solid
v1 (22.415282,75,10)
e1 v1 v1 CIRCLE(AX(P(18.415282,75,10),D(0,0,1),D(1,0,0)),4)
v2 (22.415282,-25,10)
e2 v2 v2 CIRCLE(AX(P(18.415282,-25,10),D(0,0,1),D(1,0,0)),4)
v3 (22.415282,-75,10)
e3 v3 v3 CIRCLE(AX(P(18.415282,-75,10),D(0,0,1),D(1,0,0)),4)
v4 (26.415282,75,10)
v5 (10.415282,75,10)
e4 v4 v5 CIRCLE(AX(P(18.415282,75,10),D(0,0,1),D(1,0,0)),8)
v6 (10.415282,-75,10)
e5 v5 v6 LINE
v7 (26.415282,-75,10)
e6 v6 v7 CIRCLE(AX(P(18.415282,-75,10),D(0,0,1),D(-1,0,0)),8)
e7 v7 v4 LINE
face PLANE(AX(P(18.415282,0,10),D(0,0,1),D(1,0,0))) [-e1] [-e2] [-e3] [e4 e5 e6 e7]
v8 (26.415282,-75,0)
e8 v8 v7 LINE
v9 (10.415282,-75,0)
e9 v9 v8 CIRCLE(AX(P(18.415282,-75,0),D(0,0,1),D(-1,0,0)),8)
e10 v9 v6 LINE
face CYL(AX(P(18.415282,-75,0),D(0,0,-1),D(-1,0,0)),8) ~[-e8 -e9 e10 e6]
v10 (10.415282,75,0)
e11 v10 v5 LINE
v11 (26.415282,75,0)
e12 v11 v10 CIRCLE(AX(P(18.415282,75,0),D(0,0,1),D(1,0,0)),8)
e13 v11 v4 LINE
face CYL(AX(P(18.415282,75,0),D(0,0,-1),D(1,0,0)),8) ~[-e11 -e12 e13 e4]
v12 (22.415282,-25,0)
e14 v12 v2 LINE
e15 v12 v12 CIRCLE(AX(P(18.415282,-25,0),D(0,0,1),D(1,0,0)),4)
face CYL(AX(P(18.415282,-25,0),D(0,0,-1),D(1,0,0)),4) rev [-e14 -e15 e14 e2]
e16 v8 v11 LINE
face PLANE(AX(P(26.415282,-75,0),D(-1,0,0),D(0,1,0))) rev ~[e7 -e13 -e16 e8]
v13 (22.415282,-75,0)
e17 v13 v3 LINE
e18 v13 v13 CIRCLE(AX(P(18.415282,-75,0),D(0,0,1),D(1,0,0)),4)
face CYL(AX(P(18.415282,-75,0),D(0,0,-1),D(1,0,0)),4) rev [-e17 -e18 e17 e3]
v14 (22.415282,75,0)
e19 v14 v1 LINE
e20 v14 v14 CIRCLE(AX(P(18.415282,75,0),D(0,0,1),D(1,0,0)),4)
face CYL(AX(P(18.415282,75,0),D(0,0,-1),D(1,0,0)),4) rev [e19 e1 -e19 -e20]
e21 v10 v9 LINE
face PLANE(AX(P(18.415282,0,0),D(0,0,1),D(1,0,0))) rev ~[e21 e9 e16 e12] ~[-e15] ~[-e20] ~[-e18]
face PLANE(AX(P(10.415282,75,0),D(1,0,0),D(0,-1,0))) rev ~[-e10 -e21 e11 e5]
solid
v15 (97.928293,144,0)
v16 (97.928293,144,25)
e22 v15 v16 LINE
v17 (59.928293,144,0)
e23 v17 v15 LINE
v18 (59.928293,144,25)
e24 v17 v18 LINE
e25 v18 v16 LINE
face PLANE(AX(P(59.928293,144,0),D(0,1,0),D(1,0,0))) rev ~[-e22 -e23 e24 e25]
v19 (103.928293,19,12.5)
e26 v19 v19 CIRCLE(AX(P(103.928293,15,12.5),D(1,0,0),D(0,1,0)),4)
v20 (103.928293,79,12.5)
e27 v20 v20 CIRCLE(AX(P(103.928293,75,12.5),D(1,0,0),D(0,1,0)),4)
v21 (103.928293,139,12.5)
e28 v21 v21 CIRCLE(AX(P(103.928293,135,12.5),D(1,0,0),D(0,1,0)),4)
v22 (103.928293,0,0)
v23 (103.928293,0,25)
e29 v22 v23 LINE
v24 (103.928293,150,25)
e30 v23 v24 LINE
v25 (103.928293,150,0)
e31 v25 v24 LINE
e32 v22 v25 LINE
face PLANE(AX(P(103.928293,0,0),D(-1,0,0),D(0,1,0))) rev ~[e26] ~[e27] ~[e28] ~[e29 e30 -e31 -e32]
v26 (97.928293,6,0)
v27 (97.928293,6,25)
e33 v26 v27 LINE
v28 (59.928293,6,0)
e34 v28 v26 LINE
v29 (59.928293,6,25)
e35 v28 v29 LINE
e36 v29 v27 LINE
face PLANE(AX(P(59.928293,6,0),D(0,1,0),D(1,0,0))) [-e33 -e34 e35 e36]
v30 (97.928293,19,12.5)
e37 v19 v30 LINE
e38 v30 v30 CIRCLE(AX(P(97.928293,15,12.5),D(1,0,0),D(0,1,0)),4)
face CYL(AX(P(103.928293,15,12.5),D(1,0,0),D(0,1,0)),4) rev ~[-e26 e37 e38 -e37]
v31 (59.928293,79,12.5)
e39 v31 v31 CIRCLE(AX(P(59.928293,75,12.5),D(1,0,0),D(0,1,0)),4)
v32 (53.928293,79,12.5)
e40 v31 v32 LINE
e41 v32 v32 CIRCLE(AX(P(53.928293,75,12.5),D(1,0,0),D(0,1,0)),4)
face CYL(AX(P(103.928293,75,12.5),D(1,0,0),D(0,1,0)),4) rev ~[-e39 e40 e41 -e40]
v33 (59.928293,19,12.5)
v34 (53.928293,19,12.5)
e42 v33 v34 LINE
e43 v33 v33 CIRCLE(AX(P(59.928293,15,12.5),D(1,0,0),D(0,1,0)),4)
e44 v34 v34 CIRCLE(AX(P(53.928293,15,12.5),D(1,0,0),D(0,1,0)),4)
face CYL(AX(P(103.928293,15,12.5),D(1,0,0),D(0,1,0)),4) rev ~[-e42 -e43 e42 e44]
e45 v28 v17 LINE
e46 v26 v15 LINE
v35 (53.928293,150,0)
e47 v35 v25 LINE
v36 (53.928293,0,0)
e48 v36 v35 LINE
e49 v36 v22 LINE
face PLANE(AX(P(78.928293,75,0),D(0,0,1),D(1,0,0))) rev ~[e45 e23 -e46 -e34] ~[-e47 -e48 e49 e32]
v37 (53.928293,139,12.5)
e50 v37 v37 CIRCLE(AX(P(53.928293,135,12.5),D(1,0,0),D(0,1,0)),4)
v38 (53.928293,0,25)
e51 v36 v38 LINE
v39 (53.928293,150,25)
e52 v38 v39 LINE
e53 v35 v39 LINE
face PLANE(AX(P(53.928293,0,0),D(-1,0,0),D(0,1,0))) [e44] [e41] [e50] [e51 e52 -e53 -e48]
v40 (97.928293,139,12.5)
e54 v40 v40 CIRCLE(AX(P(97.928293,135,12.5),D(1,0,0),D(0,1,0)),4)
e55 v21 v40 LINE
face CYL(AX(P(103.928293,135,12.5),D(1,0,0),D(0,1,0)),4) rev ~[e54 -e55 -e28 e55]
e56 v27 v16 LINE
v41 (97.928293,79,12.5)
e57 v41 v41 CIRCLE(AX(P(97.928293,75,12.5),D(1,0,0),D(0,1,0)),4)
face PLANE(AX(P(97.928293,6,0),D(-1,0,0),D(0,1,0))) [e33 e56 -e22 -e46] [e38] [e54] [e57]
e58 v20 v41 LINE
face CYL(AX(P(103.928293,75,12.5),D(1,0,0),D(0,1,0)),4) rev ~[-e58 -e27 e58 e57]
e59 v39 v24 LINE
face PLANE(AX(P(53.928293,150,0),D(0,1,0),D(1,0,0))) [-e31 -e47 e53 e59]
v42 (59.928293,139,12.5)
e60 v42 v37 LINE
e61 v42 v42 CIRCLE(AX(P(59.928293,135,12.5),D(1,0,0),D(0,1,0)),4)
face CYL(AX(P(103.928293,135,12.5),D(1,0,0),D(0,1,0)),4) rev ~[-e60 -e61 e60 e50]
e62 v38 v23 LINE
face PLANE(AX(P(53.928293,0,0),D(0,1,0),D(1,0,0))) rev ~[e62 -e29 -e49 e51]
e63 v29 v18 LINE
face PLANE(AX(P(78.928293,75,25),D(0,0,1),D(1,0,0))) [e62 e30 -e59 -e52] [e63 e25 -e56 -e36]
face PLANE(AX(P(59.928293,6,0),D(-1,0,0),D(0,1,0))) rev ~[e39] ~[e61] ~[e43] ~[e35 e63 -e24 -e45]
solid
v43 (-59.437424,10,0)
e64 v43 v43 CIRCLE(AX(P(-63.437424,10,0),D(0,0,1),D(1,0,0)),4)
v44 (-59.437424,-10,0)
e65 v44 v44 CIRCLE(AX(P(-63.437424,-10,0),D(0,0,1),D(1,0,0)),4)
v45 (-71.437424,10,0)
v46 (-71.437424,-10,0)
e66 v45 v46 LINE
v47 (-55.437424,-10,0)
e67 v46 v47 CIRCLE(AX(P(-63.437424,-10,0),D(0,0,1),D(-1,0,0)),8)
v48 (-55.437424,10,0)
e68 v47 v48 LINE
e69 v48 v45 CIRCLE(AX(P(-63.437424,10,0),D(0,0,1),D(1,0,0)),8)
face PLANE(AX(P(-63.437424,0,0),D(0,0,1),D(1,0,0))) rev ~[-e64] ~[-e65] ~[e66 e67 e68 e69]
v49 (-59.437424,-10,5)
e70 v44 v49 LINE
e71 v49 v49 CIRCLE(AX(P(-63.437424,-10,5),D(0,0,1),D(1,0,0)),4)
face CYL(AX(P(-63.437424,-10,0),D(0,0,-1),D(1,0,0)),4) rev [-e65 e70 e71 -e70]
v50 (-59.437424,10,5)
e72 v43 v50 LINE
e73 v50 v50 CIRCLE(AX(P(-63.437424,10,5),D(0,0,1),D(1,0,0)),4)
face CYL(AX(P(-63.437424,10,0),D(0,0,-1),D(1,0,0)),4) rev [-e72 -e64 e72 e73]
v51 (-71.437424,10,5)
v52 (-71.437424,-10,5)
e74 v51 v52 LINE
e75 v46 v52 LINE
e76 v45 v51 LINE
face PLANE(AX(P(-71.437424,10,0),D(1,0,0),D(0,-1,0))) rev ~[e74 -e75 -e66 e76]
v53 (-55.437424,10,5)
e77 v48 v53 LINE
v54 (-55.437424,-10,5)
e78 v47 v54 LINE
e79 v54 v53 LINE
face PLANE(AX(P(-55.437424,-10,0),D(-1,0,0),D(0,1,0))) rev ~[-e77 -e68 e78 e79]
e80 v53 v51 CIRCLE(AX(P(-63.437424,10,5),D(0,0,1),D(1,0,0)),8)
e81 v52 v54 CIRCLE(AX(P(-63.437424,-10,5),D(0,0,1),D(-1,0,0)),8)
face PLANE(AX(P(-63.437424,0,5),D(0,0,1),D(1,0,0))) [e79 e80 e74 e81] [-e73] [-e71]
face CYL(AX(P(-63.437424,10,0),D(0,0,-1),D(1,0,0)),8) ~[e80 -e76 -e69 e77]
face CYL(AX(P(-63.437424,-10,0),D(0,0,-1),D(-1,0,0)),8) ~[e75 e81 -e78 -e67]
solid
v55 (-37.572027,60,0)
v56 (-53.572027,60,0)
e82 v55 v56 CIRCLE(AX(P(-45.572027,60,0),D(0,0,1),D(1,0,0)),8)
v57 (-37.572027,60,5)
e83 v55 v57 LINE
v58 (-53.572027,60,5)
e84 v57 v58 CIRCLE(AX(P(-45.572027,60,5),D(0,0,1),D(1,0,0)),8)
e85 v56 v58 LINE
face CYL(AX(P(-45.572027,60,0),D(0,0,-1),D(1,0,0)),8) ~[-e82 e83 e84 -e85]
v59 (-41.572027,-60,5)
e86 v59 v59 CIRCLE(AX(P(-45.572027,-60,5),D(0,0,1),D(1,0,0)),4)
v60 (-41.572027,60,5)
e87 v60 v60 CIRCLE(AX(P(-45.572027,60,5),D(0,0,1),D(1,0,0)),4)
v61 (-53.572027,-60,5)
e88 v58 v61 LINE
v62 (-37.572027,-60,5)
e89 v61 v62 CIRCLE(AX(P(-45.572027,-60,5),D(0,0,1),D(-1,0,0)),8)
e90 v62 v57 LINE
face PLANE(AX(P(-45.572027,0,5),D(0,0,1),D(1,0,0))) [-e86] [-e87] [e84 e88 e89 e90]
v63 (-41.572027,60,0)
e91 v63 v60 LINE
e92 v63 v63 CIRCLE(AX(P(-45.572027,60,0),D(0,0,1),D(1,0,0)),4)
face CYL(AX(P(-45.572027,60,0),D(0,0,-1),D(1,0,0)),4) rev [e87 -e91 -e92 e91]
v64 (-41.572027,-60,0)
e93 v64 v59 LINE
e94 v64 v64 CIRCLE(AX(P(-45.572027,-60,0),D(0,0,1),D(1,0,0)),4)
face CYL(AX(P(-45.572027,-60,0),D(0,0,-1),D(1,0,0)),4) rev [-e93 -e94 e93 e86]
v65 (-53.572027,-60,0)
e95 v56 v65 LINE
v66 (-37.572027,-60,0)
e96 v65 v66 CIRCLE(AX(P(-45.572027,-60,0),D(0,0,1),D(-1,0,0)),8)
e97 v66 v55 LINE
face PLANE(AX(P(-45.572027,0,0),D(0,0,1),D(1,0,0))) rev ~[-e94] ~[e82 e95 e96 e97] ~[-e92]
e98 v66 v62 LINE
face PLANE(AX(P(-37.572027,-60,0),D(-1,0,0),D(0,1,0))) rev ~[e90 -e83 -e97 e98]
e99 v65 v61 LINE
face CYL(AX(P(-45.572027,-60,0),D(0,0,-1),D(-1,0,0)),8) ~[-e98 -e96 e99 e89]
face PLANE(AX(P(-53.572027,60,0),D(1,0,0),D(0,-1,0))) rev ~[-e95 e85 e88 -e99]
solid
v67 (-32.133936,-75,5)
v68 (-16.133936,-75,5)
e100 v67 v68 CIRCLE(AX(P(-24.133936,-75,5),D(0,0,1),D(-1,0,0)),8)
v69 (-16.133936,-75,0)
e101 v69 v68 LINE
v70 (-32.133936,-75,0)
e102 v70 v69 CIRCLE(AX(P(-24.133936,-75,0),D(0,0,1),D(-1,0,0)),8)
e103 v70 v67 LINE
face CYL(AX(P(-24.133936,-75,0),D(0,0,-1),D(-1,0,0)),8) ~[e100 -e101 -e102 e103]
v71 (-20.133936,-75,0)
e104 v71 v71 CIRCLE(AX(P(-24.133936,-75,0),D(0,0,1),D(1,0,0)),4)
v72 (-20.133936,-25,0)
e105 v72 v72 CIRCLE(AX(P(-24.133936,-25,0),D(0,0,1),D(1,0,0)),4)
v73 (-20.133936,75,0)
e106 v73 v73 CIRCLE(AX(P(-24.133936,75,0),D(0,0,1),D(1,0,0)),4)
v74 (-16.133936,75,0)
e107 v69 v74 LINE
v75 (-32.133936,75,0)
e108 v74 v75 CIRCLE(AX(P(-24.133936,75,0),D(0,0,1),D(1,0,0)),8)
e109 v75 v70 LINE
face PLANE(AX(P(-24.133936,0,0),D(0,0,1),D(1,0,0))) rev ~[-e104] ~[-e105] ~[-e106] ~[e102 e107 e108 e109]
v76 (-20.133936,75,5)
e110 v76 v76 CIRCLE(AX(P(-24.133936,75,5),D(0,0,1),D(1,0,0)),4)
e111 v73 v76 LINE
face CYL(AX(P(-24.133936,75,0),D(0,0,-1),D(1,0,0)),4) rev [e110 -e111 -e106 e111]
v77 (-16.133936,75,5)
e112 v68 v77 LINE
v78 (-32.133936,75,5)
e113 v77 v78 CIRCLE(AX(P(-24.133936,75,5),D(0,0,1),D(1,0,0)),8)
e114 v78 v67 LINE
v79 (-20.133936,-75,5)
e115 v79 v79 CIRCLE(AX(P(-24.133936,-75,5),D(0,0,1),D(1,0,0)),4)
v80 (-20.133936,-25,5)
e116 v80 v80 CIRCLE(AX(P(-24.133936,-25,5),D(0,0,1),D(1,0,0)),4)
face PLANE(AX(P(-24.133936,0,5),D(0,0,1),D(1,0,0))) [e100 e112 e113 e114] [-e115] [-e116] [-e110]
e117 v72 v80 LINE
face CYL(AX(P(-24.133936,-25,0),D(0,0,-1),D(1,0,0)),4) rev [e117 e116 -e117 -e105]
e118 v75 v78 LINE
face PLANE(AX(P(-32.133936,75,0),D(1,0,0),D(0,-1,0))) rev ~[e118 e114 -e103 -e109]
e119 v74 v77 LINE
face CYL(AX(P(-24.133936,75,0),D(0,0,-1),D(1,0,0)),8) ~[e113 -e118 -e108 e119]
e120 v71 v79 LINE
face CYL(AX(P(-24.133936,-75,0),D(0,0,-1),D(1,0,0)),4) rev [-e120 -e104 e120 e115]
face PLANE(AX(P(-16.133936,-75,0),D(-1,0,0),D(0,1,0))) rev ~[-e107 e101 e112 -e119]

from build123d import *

# Parameters (mm, degrees)
F0_W      = 50
F0_H      = 150
F0_W_2    = 38
F0_H_2    = 138
F1_DEPTH  = 25
F2_R      = 4
F3_DEPTH  = 5
F4_R      = 4
F5_DEPTH  = 5
F6_R      = 4
F7_DEPTH  = 67.1
F8_R      = 4
F9_DEPTH  = 5
F10_R     = 4
F11_DEPTH = 10


with BuildPart() as f1:
    # F0 (on Top) → F1 (new body)
    with BuildSketch(Plane.XY):
        with Locations((78.928293, 75)):
            Rectangle(F0_W, F0_H)
        with Locations((78.928293, 75)):
            Rectangle(F0_W_2, F0_H_2, mode=Mode.SUBTRACT)
    extrude(amount=F1_DEPTH)

    # F6 (on face) → F7 (cut)
    with BuildSketch(Plane.YZ.offset(103.928293)):
        with Locations((15, 12.5)):
            Circle(F6_R)
        with Locations((75, 12.5)):
            Circle(F6_R)
        with Locations((135, 12.5)):
            Circle(F6_R)
    extrude(amount=-F7_DEPTH, mode=Mode.SUBTRACT)


with BuildPart() as f3:
    # F2 (on Top) → F3 (new body)
    with BuildSketch(Plane.XY):
        with BuildLine():
            Line((-16.133936, -75), (-16.133936, 0))
            Line((-16.133936, 0), (-16.133936, 75))
            ThreePointArc((-16.133936, 75), (-24.133936, 83), (-32.133936, 75))
            Line((-32.133936, 75), (-32.133936, 0))
            Line((-32.133936, 0), (-32.133936, -75))
            ThreePointArc((-32.133936, -75), (-24.133936, -83), (-16.133936, -75))
        make_face()
        with Locations((-24.133936, -75)):
            Circle(F2_R, mode=Mode.SUBTRACT)
        with Locations((-24.133936, -25)):
            Circle(F2_R, mode=Mode.SUBTRACT)
        with Locations((-24.133936, 75)):
            Circle(F2_R, mode=Mode.SUBTRACT)
    extrude(amount=F3_DEPTH)


with BuildPart() as f5:
    # F4 (on Top) → F5 (new body)
    with BuildSketch(Plane.XY):
        with BuildLine():
            Line((-37.572027, -60), (-37.572027, 0))
            Line((-37.572027, 0), (-37.572027, 60))
            ThreePointArc((-37.572027, 60), (-45.572027, 68), (-53.572027, 60))
            Line((-53.572027, 60), (-53.572027, 0))
            Line((-53.572027, 0), (-53.572027, -60))
            ThreePointArc((-53.572027, -60), (-45.572027, -68), (-37.572027, -60))
        make_face()
        with Locations((-45.572027, -60)):
            Circle(F4_R, mode=Mode.SUBTRACT)
        with Locations((-45.572027, 60)):
            Circle(F4_R, mode=Mode.SUBTRACT)
    extrude(amount=F5_DEPTH)


with BuildPart() as f9:
    # F8 (on Top) → F9 (new body)
    with BuildSketch(Plane.XY):
        with BuildLine():
            Line((-55.437424, -10), (-55.437424, 0))
            Line((-55.437424, 0), (-55.437424, 10))
            ThreePointArc((-55.437424, 10), (-63.437424, 18), (-71.437424, 10))
            Line((-71.437424, 10), (-71.437424, 0))
            Line((-71.437424, 0), (-71.437424, -10))
            ThreePointArc((-71.437424, -10), (-63.437424, -18), (-55.437424, -10))
        make_face()
        with Locations((-63.437424, -10)):
            Circle(F8_R, mode=Mode.SUBTRACT)
        with Locations((-63.437424, 10)):
            Circle(F8_R, mode=Mode.SUBTRACT)
    extrude(amount=F9_DEPTH)


with BuildPart() as f11:
    # F10 (on Top) → F11 (new body)
    with BuildSketch(Plane.XY):
        with BuildLine():
            Line((26.415282, -75), (26.415282, 0))
            Line((26.415282, 0), (26.415282, 75))
            ThreePointArc((26.415282, 75), (18.415282, 83), (10.415282, 75))
            Line((10.415282, 75), (10.415282, 0))
            Line((10.415282, 0), (10.415282, -75))
            ThreePointArc((10.415282, -75), (18.415282, -83), (26.415282, -75))
        make_face()
        with Locations((18.415282, -75)):
            Circle(F10_R, mode=Mode.SUBTRACT)
        with Locations((18.415282, -25)):
            Circle(F10_R, mode=Mode.SUBTRACT)
        with Locations((18.415282, 75)):
            Circle(F10_R, mode=Mode.SUBTRACT)
    extrude(amount=F11_DEPTH)


solid = Compound([f1.part, f3.part, f5.part, f9.part, f11.part])
